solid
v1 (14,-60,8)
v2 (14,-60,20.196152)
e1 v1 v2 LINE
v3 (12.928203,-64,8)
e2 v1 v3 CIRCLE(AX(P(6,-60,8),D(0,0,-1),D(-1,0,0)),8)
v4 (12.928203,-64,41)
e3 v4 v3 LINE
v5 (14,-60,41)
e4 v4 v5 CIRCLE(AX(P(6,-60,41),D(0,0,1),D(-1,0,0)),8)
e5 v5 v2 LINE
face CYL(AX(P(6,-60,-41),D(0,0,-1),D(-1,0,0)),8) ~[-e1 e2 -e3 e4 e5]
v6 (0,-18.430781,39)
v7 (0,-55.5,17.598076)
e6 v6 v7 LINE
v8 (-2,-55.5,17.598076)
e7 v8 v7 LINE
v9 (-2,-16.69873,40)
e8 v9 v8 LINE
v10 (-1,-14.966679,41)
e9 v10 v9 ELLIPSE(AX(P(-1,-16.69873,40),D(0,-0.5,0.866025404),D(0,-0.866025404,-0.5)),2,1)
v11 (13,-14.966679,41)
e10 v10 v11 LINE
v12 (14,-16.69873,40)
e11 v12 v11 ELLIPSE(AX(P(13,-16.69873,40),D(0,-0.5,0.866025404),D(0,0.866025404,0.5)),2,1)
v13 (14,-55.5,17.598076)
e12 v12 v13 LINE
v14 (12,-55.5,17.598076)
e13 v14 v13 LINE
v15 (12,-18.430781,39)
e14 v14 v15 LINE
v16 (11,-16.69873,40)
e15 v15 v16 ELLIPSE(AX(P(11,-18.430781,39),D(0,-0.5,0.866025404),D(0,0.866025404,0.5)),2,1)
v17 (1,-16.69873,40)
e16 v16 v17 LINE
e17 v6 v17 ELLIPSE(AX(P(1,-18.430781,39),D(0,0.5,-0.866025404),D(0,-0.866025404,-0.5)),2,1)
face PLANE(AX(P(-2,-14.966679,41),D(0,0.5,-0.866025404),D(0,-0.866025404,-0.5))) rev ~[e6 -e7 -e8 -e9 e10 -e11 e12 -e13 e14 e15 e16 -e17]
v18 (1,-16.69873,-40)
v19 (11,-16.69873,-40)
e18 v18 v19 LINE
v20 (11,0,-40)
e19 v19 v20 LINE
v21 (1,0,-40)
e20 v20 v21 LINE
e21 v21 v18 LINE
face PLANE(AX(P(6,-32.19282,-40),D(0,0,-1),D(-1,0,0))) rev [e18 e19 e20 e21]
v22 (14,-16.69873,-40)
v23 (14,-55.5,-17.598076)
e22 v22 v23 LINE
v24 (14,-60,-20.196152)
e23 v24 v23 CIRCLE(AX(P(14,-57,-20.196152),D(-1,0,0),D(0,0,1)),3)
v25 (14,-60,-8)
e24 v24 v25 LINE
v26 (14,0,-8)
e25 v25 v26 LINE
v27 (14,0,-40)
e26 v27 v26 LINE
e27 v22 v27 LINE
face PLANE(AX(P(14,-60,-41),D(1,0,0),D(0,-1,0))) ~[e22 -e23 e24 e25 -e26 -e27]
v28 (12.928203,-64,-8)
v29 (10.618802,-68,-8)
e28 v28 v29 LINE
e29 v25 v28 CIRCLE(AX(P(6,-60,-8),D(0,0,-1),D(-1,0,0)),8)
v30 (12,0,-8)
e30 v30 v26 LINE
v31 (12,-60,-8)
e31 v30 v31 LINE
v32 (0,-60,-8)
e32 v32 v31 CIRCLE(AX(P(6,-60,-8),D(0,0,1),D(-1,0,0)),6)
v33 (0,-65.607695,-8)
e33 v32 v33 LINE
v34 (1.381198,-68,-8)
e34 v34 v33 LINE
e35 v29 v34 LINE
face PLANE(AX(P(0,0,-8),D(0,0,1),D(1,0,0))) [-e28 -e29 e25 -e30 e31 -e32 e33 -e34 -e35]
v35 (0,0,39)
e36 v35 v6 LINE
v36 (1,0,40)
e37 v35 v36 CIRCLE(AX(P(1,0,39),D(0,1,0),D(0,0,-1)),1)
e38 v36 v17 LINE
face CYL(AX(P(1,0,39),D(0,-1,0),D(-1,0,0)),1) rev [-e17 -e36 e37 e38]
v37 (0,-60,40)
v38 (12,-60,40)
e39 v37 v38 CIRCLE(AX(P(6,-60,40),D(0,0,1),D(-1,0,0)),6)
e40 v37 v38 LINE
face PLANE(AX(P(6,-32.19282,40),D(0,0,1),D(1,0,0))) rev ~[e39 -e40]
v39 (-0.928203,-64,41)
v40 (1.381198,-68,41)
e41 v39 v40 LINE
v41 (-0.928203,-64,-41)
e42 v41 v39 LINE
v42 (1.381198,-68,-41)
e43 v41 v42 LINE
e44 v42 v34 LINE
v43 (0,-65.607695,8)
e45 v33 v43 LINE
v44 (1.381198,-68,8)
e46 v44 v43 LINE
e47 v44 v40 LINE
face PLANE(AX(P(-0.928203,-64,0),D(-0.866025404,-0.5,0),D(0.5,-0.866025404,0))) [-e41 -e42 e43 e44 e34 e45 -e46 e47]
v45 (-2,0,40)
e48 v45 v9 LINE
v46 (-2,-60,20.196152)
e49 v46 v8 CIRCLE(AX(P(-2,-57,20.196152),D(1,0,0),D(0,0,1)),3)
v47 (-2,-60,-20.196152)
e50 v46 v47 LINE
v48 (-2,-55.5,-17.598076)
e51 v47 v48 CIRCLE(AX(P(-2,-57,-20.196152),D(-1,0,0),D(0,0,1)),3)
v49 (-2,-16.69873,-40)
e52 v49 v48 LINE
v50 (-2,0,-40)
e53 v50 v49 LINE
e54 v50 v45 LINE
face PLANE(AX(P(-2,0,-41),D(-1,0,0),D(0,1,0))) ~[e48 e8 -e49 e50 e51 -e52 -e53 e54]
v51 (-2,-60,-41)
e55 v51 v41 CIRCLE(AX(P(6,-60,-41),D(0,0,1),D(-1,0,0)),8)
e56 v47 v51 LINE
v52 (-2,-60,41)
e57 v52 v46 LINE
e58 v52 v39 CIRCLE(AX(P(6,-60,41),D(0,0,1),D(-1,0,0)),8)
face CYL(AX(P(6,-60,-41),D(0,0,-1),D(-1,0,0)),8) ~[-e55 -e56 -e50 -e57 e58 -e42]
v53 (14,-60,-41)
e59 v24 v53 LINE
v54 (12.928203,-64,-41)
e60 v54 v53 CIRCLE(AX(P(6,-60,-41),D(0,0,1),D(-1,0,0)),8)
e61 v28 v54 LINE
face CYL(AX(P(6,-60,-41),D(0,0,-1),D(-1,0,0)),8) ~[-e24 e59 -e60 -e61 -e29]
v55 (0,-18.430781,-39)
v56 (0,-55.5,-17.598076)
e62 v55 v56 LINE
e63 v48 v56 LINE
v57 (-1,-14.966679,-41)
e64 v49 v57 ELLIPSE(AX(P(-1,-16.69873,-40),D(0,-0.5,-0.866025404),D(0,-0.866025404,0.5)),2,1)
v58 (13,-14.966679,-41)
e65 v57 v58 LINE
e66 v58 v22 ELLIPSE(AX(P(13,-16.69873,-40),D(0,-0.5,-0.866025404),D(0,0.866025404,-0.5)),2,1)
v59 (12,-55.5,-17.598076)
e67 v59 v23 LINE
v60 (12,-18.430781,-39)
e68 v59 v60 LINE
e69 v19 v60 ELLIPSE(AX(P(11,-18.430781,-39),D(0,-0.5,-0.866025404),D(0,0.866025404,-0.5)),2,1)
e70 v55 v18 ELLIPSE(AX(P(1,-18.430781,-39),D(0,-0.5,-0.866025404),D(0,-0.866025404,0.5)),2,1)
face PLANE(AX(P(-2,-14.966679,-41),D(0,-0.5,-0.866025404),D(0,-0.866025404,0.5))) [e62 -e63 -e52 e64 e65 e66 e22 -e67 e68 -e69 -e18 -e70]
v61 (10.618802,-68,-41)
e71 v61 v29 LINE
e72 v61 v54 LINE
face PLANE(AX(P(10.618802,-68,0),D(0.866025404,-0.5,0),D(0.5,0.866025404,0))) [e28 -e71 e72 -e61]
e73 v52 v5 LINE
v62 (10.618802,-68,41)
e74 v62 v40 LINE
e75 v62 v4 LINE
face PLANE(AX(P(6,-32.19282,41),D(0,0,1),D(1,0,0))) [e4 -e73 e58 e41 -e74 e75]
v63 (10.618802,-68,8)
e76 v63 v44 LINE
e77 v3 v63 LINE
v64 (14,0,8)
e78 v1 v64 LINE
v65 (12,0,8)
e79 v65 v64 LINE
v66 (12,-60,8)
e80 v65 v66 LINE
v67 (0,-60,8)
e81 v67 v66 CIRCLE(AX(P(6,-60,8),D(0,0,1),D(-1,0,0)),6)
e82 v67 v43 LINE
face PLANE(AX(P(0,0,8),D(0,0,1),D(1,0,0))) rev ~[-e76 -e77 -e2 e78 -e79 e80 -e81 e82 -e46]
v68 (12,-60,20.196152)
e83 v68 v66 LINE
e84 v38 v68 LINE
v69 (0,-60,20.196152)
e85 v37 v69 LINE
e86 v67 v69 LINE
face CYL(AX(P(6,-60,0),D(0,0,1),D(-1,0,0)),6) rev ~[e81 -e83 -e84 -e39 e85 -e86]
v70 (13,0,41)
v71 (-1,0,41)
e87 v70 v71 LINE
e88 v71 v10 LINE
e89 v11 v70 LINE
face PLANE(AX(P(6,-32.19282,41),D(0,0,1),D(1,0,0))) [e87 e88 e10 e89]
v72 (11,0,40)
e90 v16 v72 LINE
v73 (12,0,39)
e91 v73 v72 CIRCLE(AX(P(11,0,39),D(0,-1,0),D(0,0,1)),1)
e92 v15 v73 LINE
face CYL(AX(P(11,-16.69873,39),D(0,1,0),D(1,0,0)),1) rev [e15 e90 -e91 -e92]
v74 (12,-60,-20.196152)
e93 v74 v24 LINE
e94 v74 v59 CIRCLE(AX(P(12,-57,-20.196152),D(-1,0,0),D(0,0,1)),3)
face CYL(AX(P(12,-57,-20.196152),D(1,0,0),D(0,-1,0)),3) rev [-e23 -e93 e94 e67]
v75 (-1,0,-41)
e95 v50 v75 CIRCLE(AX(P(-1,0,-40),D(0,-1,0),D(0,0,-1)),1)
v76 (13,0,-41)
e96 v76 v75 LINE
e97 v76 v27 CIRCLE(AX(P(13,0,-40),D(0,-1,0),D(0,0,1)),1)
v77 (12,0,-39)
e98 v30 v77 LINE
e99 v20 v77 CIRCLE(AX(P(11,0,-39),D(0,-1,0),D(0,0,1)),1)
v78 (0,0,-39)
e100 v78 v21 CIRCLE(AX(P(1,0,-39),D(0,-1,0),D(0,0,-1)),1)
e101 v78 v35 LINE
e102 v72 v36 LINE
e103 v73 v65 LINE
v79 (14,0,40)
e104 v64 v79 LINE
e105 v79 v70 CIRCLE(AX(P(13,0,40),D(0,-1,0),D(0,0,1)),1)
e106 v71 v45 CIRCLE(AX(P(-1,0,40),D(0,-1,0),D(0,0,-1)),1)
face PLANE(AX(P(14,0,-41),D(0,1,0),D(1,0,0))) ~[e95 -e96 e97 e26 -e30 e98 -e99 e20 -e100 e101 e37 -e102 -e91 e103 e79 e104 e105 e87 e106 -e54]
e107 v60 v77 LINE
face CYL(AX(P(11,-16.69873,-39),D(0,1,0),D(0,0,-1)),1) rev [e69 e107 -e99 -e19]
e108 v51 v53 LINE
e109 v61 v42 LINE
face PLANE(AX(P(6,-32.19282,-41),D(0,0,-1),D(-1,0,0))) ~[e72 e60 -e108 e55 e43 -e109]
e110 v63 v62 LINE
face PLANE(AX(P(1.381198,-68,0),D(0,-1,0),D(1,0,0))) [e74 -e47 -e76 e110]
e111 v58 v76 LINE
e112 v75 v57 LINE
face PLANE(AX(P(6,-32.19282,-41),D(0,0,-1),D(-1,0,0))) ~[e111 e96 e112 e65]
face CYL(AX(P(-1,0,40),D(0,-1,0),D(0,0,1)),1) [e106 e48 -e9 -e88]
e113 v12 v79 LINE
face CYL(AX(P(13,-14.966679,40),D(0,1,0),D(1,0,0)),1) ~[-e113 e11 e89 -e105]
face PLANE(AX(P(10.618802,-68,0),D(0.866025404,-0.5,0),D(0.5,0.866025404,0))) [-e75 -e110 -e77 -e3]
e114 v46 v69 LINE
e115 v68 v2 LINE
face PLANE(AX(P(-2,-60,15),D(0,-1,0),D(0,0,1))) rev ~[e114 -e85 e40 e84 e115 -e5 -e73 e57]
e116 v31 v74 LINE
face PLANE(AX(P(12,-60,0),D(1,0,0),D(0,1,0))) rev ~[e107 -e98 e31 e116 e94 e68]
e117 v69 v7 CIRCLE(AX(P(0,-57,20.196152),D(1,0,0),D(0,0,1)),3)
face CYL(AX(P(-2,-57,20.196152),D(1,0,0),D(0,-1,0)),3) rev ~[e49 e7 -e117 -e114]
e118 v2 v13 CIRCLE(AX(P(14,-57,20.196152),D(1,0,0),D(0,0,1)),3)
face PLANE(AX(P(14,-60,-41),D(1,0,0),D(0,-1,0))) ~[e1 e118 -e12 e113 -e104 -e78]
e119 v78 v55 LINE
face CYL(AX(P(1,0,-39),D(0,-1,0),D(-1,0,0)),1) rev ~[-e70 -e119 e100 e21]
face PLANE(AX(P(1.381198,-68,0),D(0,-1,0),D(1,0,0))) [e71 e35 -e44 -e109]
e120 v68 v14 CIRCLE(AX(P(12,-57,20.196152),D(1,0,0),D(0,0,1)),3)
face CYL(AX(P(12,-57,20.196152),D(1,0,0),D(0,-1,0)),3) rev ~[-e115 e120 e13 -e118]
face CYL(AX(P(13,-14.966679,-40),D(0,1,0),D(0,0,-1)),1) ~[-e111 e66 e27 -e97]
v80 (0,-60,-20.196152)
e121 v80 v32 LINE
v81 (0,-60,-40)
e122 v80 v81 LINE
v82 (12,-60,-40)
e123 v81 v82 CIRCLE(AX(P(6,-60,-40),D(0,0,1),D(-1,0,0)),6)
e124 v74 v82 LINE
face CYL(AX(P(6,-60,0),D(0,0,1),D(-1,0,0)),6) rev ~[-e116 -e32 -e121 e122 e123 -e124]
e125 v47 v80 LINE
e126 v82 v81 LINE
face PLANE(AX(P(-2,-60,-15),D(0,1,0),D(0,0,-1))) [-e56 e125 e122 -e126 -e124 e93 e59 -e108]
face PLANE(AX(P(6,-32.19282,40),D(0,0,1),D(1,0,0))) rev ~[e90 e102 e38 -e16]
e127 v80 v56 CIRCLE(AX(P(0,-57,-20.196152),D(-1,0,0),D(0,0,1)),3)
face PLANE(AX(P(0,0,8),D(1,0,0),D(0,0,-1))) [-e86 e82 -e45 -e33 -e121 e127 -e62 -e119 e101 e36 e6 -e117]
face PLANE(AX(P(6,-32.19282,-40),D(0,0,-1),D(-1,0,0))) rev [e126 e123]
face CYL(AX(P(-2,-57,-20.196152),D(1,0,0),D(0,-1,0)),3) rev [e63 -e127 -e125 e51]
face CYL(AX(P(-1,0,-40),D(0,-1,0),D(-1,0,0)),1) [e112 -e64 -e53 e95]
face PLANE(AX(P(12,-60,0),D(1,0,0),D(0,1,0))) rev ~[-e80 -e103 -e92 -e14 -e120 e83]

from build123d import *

# Parameters (mm, degrees)
EXTRUDE_1_DEPTH     = 40
EXTRUDE_START       = 1
EXTRUDE_2_DEPTH     = 1
CUT_EXTRUDE_7_REACH = 83
FILLET_1_R          = 3
EXTRUDE_6_DEPTH     = 41
SKETCH_2_W          = 15.763743406
SKETCH_2_H          = 16
CUT_EXTRUDE_1_DEPTH = 80
FILLET_2_R          = 1


with BuildPart() as part:
    # 草图1 → 凸台-拉伸1 (new, symmetric)
    with BuildSketch(Plane.XY):
        with BuildLine():
            Line((0, 0), (0, -60))
            ThreePointArc((0, -60), (6, -66), (12, -60))
            Line((12, -60), (12, 0))
            Line((12, 0), (14, 0))
            Line((14, 0), (14, -60))
            ThreePointArc((14, -60), (6, -68), (-2, -60))
            Line((-2, -60), (-2, 0))
            Line((-2, 0), (0, 0))
        make_face()
    extrude(amount=EXTRUDE_1_DEPTH, both=True)

    # 草图3 → 凸台-拉伸2 (add)
    with BuildSketch(Plane.XY.offset(40).offset(EXTRUDE_START)):
        with BuildLine():
            Line((14, -60), (14, 0))
            Line((14, 0), (-2, 0))
            Line((-2, 0), (-2, -60))
            ThreePointArc((-2, -60), (6, -68), (14, -60))
        make_face()
    extrude_2 = extrude(amount=-EXTRUDE_2_DEPTH)

    # 镜向1: 凸台-拉伸2 across plane
    add(extrude_2.mirror(Plane.XY))

    # 切除-拉伸7: up to this face of the body (flat: up to its plane)
    cut_extrude_7_end = Plane(part.part.faces().sort_by_distance((14, -30, 0))[0])
    # 草图4 → 切除-拉伸7 (cut, up to the picked face)
    with BuildSketch(Plane.ZY.offset(2), mode=Mode.PRIVATE) as cut_extrude_7_sk1:
        Polygon((15, -60), (41, -60), (41, -14.966679003), align=None)
    cut_extrude_7_tool1 = split(extrude(cut_extrude_7_sk1.sketch, amount=-CUT_EXTRUDE_7_REACH, mode=Mode.PRIVATE), bisect_by=cut_extrude_7_end, keep=Keep.BOTH, mode=Mode.PRIVATE)
    # 草图4 → 切除-拉伸7 (cut, up to the picked face)
    with BuildSketch(Plane.ZY.offset(2), mode=Mode.PRIVATE) as cut_extrude_7_sk2:
        Polygon((-41, -14.966679003), (-15, -60), (-41, -60), align=None)
    cut_extrude_7_tool2 = split(extrude(cut_extrude_7_sk2.sketch, amount=-CUT_EXTRUDE_7_REACH, mode=Mode.PRIVATE), bisect_by=cut_extrude_7_end, keep=Keep.BOTH, mode=Mode.PRIVATE)
    add(cut_extrude_7_tool1.solids().sort_by(Axis((-2, -44.988893, 32.333333), (1, 0, 0)))[0], mode=Mode.SUBTRACT)
    add(cut_extrude_7_tool2.solids().sort_by(Axis((-2, -44.988893, -32.333333), (1, 0, 0)))[0], mode=Mode.SUBTRACT)

    # 圆角1
    fillet_1_edges = [part.edges().sort_by_distance(p)[0] for p in [
        (13, -60, 15),
        (-1, -60, 15),
        (13, -60, -15),
        (-1, -60, -15),
    ]]
    fillet(fillet_1_edges, radius=FILLET_1_R)

    # 草图7 → 凸台-拉伸6 (add, symmetric)
    with BuildSketch(Plane.XY):
        with BuildLine():
            Line((0.255437353, -64), (-0.92820323, -64))
            Line((-0.92820323, -64), (1.381197846, -68))
            Line((1.381197846, -68), (2.144974753, -68))
            Line((2.144974753, -68), (9.855025247, -68))
            Line((9.855025247, -68), (10.618802154, -68))
            Line((10.618802154, -68), (12.92820323, -64))
            Line((12.92820323, -64), (11.744562647, -64))
            ThreePointArc((11.744562647, -64), (6, -67), (0.255437353, -64))
        make_face()
    extrude(amount=EXTRUDE_6_DEPTH, both=True)

    # 草图2 → 切除-拉伸1 (cut)
    with BuildSketch(Plane(origin=(0, 0, 0), x_dir=(1, 0, 0), z_dir=(0, 1, 0))):
        with Locations((7.881871703, 0)):
            Rectangle(SKETCH_2_W, SKETCH_2_H)
    extrude(amount=-CUT_EXTRUDE_1_DEPTH, mode=Mode.SUBTRACT)

    # 圆角2
    fillet_2_edges = [part.edges().sort_by_distance(p)[0] for p in [
        (12, -8.349364905, 40),
        (-2, -7.483339502, 41),
        (-2, -7.483339502, -41),
        (0, -8.349364905, -40),
        (14, -7.483339502, -41),
        (14, -7.483339502, 41),
        (0, -8.349364905, 40),
        (12, -8.349364905, -40),
    ]]
    fillet(fillet_2_edges, radius=FILLET_2_R)


solid = part.part
